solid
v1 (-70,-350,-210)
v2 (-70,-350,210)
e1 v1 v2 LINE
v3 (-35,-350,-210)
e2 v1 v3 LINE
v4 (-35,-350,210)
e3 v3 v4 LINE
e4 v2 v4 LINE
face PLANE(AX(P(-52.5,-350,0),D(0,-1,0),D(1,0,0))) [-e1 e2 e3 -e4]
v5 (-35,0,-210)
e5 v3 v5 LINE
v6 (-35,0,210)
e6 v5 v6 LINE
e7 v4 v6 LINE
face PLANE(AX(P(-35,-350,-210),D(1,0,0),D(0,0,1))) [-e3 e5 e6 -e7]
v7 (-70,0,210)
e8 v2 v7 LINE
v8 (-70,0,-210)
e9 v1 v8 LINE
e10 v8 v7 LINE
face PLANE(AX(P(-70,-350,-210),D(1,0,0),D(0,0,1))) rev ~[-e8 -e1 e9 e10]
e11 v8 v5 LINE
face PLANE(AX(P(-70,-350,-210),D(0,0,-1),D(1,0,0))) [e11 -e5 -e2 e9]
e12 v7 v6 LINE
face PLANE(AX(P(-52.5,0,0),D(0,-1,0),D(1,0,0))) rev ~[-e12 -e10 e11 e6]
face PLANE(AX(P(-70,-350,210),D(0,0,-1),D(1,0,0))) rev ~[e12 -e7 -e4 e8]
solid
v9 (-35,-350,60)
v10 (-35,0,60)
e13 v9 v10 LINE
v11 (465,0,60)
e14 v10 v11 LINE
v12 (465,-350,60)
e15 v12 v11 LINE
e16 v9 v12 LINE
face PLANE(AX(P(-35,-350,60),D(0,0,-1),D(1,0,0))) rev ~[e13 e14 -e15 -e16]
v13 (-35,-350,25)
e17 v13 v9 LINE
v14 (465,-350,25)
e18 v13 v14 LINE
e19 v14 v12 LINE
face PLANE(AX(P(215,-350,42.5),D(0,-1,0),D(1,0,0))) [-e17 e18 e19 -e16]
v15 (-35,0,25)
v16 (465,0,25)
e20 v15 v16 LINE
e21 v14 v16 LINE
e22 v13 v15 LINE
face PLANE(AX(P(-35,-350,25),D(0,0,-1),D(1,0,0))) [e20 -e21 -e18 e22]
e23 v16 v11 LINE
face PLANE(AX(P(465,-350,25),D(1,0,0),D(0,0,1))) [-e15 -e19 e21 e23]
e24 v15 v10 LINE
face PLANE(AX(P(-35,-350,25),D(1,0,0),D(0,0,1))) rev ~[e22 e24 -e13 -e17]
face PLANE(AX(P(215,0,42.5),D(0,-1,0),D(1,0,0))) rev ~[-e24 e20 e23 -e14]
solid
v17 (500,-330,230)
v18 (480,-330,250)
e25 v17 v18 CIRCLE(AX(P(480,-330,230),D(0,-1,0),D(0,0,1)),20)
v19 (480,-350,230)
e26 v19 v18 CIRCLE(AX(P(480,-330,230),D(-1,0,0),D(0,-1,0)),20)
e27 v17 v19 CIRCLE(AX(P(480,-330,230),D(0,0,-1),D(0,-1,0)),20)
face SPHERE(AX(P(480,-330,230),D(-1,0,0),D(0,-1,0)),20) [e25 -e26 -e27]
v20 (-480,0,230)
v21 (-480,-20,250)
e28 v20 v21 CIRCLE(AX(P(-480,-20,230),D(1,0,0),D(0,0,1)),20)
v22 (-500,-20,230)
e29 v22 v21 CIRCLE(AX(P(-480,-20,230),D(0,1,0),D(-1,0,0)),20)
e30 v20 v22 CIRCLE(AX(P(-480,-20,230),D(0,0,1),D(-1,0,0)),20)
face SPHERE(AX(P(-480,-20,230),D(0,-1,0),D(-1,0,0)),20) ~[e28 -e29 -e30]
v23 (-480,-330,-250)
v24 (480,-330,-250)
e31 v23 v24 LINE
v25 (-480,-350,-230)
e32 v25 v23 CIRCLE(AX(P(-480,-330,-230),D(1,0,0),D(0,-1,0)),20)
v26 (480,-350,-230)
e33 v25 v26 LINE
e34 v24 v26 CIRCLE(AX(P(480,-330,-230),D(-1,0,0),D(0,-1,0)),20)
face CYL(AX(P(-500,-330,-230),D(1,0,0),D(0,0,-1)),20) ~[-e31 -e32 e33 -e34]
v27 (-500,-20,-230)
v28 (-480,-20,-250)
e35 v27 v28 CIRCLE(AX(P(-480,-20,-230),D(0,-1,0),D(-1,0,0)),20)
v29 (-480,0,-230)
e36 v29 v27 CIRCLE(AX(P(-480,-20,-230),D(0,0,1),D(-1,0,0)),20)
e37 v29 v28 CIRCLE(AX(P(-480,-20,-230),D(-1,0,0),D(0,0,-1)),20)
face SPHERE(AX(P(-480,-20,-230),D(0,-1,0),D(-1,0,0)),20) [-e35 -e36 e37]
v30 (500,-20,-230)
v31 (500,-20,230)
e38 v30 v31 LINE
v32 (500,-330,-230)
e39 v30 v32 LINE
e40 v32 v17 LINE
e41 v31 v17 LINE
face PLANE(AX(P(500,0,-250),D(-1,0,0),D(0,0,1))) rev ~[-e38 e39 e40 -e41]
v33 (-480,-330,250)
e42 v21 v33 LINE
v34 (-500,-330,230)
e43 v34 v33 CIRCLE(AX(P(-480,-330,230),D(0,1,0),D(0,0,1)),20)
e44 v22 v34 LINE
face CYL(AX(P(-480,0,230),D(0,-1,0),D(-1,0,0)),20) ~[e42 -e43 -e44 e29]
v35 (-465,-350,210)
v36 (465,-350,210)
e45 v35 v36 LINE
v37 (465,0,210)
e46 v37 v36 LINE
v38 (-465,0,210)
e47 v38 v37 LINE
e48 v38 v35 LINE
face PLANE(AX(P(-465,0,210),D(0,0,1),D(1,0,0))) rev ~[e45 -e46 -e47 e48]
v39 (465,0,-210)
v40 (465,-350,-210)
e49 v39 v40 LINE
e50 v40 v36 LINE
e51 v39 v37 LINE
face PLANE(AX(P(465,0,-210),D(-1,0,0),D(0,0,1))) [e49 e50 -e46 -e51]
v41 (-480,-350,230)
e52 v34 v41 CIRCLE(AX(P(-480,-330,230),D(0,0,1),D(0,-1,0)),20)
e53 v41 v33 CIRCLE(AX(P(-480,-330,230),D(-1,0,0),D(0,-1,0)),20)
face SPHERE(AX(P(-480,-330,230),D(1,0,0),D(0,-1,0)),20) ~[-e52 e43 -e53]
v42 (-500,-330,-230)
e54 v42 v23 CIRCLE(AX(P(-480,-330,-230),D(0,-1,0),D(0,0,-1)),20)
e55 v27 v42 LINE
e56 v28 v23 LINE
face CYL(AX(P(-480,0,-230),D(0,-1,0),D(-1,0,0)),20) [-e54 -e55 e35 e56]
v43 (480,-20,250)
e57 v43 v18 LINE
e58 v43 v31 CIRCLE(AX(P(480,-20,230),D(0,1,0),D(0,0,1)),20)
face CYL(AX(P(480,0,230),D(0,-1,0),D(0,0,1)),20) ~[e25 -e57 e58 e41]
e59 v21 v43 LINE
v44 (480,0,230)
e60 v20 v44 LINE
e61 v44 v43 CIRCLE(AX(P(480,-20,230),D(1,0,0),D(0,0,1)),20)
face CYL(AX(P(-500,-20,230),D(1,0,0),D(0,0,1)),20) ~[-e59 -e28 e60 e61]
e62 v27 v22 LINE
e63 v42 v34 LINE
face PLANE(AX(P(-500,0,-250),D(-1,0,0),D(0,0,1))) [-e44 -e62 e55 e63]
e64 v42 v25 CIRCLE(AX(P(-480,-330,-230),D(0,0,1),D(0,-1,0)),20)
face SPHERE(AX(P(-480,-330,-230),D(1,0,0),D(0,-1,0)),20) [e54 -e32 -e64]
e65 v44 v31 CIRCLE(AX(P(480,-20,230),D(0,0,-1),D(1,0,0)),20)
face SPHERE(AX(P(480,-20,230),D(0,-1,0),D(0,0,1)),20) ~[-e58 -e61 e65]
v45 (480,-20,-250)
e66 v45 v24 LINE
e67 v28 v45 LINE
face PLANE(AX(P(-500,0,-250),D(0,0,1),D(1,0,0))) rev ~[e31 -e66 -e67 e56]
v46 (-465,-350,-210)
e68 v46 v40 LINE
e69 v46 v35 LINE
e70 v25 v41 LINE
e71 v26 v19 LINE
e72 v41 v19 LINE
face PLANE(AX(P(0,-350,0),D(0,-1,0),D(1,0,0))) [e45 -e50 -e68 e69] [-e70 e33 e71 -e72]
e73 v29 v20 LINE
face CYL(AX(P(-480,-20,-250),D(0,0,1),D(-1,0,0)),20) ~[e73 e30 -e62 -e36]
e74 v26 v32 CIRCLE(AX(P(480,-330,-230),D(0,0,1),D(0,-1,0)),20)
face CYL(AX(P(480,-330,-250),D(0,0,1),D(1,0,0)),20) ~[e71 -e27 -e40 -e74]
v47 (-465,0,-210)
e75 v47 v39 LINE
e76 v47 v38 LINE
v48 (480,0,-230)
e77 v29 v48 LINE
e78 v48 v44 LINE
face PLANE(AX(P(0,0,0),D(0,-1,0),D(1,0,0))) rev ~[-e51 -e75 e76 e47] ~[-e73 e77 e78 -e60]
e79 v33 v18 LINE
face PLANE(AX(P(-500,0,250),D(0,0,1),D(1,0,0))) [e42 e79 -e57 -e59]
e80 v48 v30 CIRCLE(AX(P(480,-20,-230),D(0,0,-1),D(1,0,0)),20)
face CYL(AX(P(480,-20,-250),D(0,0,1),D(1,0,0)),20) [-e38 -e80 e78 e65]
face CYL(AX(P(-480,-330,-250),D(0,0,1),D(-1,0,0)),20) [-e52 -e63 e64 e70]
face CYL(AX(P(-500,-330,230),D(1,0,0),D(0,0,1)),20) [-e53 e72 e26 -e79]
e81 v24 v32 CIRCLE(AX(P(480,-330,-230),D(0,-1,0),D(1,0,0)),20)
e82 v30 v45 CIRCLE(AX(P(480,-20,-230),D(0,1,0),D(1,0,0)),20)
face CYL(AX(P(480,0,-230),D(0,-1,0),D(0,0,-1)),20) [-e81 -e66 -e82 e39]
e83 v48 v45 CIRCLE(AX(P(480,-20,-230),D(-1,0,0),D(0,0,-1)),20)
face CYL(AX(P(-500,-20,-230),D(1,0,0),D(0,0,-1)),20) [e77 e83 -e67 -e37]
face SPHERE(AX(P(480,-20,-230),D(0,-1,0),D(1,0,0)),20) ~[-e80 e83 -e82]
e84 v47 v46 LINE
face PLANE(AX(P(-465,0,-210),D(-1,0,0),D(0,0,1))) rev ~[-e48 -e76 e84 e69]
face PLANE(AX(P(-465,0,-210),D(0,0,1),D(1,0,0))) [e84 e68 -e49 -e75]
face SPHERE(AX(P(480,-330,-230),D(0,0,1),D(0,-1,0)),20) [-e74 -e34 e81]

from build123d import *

# Parameters (mm, degrees)
F0_W     = 1000
F0_H     = 500
F0_W_2   = 930
F0_H_2   = 420
F1_DEPTH = 350
F2_R     = 20
F3_W     = 35
F3_H     = 420
F4_DEPTH = 350
F5_W     = 500
F5_H     = 35
F6_DEPTH = 350


with BuildPart() as f1:
    # F0 (on Front) → F1 (new body)
    with BuildSketch(Plane.XZ):
        Rectangle(F0_W, F0_H)
        Rectangle(F0_W_2, F0_H_2, mode=Mode.SUBTRACT)
    extrude(amount=F1_DEPTH)

    # F2
    f2_edges = [f1.edges().sort_by_distance(p)[0] for p in [
        (0, -350, 250),
        (500, -350, 0),
        (0, -350, -250),
        (-500, -350, 0),
        (-500, -175, 250),
        (500, -175, 250),
        (500, -175, -250),
        (-500, -175, -250),
        (-500, 0, 0),
        (0, 0, 250),
        (500, 0, 0),
        (0, 0, -250),
    ]]
    fillet(f2_edges, radius=F2_R)


with BuildPart() as f4:
    # F3 (on face) → F4 (new body)
    with BuildSketch(Plane.XZ.offset(350)):
        with Locations((-52.5, 0)):
            Rectangle(F3_W, F3_H)
    extrude(amount=-F4_DEPTH)


with BuildPart() as f6:
    # F5 (on face) → F6 (new body)
    with BuildSketch(Plane.XZ.offset(350)):
        with Locations((215, 42.5)):
            Rectangle(F5_W, F5_H)
    extrude(amount=-F6_DEPTH)


solid = Compound([f1.part, f4.part, f6.part])
